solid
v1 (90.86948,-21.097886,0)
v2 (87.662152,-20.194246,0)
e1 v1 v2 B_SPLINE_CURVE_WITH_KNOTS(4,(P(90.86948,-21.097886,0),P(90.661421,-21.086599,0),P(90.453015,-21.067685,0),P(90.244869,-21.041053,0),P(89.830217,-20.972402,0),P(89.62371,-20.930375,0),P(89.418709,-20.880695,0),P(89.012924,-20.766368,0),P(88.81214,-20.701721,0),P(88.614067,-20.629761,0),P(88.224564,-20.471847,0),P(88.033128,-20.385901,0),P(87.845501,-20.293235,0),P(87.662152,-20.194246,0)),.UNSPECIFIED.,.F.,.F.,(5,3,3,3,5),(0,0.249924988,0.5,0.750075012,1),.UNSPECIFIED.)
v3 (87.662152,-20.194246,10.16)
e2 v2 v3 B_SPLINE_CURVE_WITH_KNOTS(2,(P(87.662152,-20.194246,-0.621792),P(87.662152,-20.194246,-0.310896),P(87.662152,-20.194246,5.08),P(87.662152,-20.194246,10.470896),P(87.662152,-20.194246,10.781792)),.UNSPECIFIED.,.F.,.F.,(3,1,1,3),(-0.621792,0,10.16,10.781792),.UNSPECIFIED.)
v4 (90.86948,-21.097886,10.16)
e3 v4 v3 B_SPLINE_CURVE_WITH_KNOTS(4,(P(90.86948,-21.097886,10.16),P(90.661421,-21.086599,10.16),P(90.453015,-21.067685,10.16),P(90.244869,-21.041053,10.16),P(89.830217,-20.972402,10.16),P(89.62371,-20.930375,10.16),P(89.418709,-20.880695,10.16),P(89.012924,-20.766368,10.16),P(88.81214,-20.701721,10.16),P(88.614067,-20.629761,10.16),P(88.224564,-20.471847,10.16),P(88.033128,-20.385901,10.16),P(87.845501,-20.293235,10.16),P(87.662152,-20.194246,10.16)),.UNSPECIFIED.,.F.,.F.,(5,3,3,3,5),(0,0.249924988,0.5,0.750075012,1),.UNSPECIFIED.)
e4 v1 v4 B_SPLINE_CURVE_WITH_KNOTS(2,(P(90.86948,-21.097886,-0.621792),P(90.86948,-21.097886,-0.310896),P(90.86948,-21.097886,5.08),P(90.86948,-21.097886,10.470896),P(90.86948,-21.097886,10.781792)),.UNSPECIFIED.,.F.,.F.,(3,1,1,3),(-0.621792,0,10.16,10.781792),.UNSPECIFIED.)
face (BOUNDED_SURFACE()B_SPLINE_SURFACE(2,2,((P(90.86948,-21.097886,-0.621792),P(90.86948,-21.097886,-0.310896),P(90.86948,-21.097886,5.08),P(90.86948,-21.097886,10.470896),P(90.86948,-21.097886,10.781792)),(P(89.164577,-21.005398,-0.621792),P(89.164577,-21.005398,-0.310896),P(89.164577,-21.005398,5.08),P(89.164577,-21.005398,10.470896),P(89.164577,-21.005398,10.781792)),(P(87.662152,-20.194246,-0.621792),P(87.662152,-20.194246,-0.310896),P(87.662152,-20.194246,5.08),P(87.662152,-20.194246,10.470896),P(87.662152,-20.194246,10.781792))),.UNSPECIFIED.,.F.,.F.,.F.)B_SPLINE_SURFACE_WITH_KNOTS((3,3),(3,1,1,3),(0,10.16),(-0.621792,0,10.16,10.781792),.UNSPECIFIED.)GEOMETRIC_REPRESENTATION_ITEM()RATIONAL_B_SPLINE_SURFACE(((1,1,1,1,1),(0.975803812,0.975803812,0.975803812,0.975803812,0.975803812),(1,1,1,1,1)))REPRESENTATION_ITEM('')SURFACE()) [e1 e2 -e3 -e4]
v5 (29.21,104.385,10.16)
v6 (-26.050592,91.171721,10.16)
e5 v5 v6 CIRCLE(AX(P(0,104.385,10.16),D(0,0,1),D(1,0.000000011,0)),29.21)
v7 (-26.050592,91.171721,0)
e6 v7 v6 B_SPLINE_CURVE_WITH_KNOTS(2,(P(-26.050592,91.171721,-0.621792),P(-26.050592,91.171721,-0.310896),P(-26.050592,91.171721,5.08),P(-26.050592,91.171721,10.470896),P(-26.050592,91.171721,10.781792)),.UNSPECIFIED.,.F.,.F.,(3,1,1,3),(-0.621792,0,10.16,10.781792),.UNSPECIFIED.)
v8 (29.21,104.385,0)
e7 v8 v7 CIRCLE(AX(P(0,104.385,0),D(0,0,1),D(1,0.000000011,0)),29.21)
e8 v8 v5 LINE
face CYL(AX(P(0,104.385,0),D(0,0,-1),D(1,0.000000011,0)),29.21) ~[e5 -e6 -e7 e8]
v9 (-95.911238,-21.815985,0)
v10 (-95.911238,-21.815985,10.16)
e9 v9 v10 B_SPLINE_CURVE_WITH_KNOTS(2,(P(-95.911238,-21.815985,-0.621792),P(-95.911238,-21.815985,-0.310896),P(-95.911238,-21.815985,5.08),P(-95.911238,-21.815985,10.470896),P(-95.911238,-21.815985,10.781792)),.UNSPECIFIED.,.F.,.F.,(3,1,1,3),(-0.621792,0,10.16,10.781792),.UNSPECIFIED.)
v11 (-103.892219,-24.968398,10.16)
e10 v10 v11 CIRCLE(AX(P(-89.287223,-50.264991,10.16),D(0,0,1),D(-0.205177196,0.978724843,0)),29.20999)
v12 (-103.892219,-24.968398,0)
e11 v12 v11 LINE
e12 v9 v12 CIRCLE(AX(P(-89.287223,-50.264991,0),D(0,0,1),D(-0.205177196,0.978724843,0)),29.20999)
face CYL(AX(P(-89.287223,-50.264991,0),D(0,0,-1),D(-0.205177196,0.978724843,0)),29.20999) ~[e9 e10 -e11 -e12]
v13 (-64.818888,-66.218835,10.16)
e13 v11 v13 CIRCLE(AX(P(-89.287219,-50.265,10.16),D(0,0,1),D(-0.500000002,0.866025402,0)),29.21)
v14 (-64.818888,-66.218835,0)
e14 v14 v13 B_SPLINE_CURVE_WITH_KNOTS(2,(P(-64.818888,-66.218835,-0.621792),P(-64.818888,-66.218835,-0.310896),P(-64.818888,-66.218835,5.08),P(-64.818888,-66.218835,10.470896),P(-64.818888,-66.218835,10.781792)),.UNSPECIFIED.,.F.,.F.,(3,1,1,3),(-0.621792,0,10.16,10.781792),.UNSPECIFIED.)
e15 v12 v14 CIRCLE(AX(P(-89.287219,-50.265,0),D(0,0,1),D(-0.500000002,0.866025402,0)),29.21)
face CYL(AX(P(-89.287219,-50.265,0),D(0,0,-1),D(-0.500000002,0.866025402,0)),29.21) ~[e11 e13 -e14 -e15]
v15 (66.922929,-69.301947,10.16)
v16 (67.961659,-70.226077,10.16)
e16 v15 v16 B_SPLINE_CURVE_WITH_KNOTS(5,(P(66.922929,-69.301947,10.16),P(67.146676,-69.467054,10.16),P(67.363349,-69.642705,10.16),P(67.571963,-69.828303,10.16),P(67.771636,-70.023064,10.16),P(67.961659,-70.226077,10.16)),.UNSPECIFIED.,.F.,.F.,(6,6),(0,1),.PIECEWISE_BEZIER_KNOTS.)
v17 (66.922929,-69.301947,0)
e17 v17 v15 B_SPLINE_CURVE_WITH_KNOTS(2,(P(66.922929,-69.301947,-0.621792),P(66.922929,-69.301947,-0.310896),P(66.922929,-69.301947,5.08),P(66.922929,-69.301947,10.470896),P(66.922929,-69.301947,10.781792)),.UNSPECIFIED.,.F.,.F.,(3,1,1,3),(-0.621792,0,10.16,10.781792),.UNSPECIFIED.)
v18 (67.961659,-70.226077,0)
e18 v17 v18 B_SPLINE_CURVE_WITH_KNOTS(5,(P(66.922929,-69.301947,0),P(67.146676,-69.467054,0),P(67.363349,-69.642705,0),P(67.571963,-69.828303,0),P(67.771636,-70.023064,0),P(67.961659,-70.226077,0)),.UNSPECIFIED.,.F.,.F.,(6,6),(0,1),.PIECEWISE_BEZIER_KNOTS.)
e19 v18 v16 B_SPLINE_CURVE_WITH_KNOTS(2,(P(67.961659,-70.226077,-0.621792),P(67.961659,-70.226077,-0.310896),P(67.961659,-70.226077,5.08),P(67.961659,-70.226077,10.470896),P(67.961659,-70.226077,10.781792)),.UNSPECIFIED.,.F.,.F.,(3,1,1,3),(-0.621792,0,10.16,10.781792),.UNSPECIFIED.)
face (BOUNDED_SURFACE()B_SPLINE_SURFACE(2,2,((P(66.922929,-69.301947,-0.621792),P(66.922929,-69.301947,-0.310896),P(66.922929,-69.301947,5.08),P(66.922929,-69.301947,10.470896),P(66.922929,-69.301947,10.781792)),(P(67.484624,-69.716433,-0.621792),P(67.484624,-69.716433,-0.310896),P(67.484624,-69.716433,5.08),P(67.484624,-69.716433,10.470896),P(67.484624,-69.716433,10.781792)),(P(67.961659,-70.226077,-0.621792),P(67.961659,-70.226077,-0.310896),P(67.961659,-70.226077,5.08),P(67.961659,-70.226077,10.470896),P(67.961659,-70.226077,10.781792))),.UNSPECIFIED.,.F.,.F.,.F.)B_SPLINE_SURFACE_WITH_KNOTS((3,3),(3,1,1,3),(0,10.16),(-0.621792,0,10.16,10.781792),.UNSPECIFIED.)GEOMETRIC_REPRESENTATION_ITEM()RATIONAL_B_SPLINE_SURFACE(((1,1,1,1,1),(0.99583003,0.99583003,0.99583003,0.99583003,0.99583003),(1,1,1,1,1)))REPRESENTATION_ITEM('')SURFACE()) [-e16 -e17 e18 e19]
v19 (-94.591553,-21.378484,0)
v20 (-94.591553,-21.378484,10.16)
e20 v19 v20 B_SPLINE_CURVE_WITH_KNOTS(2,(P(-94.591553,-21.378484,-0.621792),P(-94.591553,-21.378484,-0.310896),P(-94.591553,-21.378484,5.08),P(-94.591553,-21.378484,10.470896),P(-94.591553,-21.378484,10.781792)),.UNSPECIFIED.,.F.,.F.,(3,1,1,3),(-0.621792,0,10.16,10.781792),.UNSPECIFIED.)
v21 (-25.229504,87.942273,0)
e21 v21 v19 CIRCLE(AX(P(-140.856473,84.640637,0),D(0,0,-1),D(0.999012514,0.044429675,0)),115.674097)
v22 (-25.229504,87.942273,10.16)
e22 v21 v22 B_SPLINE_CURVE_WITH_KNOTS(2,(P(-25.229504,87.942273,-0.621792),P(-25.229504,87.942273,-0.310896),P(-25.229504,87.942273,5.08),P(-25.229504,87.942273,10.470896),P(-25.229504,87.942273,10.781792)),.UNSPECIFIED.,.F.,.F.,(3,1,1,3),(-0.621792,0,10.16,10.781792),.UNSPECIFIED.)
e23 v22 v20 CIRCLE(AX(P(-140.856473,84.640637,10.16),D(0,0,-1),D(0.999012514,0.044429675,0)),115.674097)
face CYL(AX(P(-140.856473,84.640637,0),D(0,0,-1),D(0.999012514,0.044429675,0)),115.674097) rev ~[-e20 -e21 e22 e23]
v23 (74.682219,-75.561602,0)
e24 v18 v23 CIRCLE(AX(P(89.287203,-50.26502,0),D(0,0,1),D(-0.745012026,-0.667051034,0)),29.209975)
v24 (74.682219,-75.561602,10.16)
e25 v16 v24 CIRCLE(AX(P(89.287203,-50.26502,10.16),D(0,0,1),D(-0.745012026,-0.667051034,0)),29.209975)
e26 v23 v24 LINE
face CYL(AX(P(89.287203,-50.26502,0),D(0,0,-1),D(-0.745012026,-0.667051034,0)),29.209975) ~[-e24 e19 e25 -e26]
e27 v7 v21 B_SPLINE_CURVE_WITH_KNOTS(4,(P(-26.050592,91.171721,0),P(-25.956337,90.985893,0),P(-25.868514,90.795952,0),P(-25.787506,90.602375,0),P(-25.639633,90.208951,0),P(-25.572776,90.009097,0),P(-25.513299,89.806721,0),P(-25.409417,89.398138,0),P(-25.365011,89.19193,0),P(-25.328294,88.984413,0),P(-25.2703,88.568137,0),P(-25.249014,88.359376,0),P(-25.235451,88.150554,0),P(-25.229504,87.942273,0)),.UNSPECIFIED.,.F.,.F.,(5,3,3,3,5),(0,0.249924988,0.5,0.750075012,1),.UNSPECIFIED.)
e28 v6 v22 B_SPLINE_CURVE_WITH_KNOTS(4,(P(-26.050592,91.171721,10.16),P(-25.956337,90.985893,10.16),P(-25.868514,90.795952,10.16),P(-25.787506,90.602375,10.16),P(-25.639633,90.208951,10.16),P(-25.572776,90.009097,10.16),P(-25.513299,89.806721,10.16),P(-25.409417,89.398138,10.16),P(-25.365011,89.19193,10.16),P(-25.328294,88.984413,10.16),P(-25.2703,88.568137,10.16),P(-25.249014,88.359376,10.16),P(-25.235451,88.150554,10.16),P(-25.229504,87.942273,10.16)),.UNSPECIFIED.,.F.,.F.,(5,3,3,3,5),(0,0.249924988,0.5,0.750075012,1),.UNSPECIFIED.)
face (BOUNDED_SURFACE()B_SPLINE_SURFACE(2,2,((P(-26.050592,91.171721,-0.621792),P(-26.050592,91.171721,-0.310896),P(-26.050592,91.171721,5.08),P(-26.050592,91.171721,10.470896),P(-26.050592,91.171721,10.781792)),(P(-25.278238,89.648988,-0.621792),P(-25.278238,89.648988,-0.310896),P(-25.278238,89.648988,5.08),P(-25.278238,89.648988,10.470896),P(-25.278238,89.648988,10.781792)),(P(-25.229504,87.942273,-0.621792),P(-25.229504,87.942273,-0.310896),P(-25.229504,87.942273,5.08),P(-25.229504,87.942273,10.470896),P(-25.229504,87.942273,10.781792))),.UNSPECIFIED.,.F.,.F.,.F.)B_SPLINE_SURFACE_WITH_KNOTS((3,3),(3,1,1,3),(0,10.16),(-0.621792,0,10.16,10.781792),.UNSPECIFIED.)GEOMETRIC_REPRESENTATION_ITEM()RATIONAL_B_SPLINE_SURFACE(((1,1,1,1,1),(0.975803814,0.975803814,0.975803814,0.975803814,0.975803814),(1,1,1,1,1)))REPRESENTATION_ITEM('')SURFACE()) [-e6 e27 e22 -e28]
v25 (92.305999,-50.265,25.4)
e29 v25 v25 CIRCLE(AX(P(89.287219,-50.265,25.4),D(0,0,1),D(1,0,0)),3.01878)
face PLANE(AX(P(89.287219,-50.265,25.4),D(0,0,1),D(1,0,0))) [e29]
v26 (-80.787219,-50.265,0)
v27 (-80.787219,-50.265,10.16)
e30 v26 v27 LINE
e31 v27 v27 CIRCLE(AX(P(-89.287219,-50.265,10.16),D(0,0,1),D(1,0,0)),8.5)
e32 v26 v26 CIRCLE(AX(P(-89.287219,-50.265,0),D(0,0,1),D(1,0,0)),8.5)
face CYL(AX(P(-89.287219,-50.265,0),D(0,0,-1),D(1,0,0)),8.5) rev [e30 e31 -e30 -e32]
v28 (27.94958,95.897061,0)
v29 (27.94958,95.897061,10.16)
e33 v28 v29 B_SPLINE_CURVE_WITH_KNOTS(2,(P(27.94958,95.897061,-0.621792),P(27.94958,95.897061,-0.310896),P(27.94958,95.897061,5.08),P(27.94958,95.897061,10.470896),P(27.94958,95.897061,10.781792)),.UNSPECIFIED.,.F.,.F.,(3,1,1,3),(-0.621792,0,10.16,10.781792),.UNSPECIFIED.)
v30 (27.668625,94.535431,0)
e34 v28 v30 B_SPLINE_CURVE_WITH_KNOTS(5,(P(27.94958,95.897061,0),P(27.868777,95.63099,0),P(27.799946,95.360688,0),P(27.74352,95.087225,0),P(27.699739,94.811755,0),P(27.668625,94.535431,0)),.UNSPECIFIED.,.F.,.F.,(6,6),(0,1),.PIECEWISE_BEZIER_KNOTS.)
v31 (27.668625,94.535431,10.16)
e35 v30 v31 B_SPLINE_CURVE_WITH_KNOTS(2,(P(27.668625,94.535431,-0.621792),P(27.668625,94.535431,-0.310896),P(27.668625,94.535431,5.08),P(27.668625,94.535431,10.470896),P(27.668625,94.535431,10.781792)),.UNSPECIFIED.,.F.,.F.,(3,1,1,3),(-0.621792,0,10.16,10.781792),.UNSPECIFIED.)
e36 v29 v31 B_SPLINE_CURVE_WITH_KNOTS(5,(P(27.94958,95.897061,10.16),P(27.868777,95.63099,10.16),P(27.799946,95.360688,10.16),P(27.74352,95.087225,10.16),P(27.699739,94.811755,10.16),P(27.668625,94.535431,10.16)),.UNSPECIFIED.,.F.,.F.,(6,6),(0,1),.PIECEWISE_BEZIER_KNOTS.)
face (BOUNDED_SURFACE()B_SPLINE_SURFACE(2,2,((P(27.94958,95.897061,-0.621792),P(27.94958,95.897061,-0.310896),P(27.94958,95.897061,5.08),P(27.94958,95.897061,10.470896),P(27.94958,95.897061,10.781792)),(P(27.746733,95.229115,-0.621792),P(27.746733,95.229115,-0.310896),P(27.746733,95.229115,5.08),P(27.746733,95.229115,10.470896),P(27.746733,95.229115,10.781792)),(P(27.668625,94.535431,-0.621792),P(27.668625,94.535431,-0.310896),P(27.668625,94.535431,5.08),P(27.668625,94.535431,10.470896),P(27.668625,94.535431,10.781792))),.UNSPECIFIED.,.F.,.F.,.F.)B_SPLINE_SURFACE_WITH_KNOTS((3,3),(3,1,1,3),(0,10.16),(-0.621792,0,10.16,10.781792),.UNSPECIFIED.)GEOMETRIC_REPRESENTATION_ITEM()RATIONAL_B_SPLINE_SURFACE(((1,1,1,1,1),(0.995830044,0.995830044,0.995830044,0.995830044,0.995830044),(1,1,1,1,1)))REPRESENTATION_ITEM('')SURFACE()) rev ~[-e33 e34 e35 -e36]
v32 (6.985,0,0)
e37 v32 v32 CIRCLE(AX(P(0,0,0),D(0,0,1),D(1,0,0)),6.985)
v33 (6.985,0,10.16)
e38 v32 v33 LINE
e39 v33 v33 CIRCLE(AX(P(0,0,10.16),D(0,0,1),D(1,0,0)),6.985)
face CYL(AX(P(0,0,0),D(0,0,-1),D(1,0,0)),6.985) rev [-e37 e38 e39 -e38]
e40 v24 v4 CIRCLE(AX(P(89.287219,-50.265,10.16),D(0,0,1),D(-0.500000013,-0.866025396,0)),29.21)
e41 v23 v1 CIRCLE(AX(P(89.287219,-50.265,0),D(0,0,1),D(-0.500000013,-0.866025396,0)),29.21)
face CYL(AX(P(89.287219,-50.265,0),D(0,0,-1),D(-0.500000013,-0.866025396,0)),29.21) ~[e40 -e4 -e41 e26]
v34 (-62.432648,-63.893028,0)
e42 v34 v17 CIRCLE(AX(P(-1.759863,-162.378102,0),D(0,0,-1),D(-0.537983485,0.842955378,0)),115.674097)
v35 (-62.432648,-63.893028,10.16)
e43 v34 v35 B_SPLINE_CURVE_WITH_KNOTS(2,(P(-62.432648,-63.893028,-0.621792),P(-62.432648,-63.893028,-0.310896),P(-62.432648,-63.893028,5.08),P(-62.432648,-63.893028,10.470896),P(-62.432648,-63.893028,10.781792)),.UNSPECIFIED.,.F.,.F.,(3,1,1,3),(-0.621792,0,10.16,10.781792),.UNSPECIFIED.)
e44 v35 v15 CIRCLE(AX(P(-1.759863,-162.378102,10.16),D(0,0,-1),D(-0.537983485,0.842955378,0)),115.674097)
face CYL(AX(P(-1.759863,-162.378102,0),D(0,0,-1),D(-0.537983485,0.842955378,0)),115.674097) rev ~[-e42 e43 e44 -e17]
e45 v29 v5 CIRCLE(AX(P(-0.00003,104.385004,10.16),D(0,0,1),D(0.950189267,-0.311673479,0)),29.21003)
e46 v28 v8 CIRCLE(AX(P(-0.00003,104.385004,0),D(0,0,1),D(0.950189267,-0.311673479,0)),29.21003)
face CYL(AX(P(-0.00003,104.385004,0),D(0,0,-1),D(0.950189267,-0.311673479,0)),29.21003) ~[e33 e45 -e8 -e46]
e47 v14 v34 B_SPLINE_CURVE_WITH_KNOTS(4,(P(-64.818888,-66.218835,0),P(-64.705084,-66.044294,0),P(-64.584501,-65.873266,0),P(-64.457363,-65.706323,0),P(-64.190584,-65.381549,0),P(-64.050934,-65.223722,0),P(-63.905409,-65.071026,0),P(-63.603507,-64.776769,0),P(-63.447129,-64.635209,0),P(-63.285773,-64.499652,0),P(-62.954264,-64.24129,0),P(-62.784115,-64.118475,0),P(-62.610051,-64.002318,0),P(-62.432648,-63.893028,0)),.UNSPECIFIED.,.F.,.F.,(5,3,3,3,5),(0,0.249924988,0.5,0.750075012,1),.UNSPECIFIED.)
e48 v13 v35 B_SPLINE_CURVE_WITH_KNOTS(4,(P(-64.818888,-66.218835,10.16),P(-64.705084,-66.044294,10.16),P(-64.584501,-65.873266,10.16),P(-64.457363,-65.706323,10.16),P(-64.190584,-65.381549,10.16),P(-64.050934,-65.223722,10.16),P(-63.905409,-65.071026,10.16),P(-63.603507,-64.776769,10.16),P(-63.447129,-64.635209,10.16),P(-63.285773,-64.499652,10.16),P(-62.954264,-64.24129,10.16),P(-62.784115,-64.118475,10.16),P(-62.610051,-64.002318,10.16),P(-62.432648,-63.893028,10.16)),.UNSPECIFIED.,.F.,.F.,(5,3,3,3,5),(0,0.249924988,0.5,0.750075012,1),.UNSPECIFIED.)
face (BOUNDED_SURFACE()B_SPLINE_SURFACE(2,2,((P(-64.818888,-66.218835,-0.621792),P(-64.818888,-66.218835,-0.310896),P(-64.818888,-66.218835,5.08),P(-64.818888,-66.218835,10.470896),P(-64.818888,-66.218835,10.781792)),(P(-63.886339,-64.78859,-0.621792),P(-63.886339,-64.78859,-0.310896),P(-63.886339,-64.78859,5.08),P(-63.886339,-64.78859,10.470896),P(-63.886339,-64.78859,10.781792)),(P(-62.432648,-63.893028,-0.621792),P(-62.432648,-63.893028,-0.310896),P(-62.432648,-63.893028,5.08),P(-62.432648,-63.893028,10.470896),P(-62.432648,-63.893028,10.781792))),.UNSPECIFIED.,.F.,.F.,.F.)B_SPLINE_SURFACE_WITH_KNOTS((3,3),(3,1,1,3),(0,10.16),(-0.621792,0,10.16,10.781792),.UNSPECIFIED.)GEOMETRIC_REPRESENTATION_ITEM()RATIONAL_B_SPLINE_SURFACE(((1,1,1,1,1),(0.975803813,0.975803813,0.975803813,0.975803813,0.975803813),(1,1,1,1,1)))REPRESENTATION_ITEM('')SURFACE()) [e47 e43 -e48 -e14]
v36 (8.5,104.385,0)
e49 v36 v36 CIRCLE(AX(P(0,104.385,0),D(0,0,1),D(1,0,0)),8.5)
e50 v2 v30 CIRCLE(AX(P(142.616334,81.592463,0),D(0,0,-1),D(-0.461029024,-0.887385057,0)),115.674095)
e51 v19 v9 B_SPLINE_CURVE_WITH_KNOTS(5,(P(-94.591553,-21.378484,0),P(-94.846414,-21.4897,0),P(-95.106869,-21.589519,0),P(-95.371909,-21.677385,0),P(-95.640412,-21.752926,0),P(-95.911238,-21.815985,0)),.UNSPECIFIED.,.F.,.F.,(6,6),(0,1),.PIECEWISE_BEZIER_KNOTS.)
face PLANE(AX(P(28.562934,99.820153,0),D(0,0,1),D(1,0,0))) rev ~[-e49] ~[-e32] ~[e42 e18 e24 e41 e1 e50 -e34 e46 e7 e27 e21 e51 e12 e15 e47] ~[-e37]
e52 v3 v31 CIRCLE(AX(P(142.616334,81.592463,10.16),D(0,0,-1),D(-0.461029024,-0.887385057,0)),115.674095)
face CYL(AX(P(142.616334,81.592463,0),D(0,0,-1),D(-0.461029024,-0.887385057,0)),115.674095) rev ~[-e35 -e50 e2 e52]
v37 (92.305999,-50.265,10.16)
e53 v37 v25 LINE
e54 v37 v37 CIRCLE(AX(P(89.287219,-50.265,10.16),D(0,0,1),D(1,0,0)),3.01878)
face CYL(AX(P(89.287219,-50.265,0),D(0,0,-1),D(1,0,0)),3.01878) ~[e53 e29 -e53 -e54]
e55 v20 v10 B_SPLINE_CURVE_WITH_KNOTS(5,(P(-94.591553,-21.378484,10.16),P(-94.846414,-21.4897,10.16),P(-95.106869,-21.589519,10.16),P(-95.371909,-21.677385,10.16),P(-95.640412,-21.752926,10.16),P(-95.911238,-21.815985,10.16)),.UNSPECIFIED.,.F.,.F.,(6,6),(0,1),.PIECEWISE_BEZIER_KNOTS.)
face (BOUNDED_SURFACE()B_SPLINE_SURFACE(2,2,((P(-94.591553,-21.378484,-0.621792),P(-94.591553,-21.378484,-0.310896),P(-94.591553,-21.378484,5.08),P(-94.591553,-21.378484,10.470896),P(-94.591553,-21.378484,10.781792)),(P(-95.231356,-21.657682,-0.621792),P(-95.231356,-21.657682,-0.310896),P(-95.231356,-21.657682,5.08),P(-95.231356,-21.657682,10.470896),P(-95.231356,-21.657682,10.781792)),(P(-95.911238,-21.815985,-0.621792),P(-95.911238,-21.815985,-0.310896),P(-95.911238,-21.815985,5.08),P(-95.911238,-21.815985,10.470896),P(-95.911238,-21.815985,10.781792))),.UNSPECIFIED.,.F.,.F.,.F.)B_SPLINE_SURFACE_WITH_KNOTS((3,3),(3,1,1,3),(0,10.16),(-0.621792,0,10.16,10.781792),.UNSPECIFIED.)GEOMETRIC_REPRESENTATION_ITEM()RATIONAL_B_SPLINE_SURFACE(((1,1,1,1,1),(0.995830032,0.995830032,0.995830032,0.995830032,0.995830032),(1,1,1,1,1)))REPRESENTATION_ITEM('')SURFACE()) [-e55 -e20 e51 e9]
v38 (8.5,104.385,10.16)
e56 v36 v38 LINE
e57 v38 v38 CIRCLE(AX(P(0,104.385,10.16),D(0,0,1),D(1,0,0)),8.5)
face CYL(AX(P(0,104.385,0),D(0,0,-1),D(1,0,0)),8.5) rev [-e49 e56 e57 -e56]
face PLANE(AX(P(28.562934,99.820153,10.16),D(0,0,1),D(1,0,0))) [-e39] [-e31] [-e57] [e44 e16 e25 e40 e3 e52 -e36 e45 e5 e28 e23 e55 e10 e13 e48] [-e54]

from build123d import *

# Parameters (mm, degrees)
F0_R     = 8.5
F0_R_2   = 6.985
F0_R_3   = 3.01878
F1_DEPTH = 10.16
F2_R     = 7.62
F3_DEPTH = 25.4


with BuildPart() as f1:
    # F0 (on Top) → F1 (new body)
    with BuildSketch(Plane.XY):
        with BuildLine():
            ThreePointArc((29.21, 104.385), (28.391776, 99.847507), (27.755027, 95.281012))
            ThreePointArc((27.755027, 95.281012), (28.843963, 99.77524), (29.21, 104.385))
        make_face()
        with BuildLine():
            ThreePointArc((89.287219, -21.055), (40.36409, 27.509427), (27.755027, 95.281012))
            ThreePointArc((27.755027, 95.281012), (28.391776, 99.847507), (29.21, 104.385))
            ThreePointArc((29.21, 104.385), (-7.560104, 132.599693), (-25.296602, 89.78))
            ThreePointArc((-25.296602, 89.78), (-42.893065, 23.129114), (-95.280447, -21.676448))
            ThreePointArc((-95.280447, -21.676448), (-99.553523, -23.408254), (-103.892219, -24.968398))
            ThreePointArc((-103.892219, -24.968398), (-109.941808, -70.919589), (-63.990617, -64.87))
            ThreePointArc((-63.990617, -64.87), (2.528975, -46.783541), (67.525421, -69.749564))
            ThreePointArc((67.525421, -69.749564), (71.161747, -72.584253), (74.682219, -75.561602))
            ThreePointArc((74.682219, -75.561602), (117.501913, -57.825104), (89.287219, -21.055))
        make_face()
        with Locations((-89.287219, -50.265)):
            Circle(F0_R, mode=Mode.SUBTRACT)
        Circle(F0_R_2, mode=Mode.SUBTRACT)
        with Locations((89.287219, -50.265)):
            Circle(F0_R_3, mode=Mode.SUBTRACT)
        with Locations((0, 104.385)):
            Circle(F0_R, mode=Mode.SUBTRACT)
        with BuildLine():
            ThreePointArc((67.525421, -69.749564), (70.873068, -72.939725), (74.682219, -75.561602))
            ThreePointArc((74.682219, -75.561602), (71.161747, -72.584253), (67.525421, -69.749564))
        make_face()
        with BuildLine():
            ThreePointArc((-103.892219, -24.968398), (-99.553523, -23.408254), (-95.280447, -21.676448))
            ThreePointArc((-95.280447, -21.676448), (-99.717031, -22.980515), (-103.892219, -24.968398))
        make_face()
    extrude(amount=F1_DEPTH)

    # F2
    f2_edges = [f1.edges().sort_by_distance(p)[0] for p in [
        (27.755027, 95.281012, 5.08),
        (-25.296602, 89.78, 5.08),
        (-63.990617, -64.87, 5.08),
        (-95.280447, -21.676448, 5.08),
        (67.525421, -69.749564, 5.08),
        (89.287219, -21.055, 5.08),
    ]]
    fillet(f2_edges, radius=F2_R)

    # F0 (on Top) → F3 (join)
    with BuildSketch(Plane.XY):
        with Locations((89.287219, -50.265)):
            Circle(F0_R_3)
    extrude(amount=F3_DEPTH)


solid = f1.part
